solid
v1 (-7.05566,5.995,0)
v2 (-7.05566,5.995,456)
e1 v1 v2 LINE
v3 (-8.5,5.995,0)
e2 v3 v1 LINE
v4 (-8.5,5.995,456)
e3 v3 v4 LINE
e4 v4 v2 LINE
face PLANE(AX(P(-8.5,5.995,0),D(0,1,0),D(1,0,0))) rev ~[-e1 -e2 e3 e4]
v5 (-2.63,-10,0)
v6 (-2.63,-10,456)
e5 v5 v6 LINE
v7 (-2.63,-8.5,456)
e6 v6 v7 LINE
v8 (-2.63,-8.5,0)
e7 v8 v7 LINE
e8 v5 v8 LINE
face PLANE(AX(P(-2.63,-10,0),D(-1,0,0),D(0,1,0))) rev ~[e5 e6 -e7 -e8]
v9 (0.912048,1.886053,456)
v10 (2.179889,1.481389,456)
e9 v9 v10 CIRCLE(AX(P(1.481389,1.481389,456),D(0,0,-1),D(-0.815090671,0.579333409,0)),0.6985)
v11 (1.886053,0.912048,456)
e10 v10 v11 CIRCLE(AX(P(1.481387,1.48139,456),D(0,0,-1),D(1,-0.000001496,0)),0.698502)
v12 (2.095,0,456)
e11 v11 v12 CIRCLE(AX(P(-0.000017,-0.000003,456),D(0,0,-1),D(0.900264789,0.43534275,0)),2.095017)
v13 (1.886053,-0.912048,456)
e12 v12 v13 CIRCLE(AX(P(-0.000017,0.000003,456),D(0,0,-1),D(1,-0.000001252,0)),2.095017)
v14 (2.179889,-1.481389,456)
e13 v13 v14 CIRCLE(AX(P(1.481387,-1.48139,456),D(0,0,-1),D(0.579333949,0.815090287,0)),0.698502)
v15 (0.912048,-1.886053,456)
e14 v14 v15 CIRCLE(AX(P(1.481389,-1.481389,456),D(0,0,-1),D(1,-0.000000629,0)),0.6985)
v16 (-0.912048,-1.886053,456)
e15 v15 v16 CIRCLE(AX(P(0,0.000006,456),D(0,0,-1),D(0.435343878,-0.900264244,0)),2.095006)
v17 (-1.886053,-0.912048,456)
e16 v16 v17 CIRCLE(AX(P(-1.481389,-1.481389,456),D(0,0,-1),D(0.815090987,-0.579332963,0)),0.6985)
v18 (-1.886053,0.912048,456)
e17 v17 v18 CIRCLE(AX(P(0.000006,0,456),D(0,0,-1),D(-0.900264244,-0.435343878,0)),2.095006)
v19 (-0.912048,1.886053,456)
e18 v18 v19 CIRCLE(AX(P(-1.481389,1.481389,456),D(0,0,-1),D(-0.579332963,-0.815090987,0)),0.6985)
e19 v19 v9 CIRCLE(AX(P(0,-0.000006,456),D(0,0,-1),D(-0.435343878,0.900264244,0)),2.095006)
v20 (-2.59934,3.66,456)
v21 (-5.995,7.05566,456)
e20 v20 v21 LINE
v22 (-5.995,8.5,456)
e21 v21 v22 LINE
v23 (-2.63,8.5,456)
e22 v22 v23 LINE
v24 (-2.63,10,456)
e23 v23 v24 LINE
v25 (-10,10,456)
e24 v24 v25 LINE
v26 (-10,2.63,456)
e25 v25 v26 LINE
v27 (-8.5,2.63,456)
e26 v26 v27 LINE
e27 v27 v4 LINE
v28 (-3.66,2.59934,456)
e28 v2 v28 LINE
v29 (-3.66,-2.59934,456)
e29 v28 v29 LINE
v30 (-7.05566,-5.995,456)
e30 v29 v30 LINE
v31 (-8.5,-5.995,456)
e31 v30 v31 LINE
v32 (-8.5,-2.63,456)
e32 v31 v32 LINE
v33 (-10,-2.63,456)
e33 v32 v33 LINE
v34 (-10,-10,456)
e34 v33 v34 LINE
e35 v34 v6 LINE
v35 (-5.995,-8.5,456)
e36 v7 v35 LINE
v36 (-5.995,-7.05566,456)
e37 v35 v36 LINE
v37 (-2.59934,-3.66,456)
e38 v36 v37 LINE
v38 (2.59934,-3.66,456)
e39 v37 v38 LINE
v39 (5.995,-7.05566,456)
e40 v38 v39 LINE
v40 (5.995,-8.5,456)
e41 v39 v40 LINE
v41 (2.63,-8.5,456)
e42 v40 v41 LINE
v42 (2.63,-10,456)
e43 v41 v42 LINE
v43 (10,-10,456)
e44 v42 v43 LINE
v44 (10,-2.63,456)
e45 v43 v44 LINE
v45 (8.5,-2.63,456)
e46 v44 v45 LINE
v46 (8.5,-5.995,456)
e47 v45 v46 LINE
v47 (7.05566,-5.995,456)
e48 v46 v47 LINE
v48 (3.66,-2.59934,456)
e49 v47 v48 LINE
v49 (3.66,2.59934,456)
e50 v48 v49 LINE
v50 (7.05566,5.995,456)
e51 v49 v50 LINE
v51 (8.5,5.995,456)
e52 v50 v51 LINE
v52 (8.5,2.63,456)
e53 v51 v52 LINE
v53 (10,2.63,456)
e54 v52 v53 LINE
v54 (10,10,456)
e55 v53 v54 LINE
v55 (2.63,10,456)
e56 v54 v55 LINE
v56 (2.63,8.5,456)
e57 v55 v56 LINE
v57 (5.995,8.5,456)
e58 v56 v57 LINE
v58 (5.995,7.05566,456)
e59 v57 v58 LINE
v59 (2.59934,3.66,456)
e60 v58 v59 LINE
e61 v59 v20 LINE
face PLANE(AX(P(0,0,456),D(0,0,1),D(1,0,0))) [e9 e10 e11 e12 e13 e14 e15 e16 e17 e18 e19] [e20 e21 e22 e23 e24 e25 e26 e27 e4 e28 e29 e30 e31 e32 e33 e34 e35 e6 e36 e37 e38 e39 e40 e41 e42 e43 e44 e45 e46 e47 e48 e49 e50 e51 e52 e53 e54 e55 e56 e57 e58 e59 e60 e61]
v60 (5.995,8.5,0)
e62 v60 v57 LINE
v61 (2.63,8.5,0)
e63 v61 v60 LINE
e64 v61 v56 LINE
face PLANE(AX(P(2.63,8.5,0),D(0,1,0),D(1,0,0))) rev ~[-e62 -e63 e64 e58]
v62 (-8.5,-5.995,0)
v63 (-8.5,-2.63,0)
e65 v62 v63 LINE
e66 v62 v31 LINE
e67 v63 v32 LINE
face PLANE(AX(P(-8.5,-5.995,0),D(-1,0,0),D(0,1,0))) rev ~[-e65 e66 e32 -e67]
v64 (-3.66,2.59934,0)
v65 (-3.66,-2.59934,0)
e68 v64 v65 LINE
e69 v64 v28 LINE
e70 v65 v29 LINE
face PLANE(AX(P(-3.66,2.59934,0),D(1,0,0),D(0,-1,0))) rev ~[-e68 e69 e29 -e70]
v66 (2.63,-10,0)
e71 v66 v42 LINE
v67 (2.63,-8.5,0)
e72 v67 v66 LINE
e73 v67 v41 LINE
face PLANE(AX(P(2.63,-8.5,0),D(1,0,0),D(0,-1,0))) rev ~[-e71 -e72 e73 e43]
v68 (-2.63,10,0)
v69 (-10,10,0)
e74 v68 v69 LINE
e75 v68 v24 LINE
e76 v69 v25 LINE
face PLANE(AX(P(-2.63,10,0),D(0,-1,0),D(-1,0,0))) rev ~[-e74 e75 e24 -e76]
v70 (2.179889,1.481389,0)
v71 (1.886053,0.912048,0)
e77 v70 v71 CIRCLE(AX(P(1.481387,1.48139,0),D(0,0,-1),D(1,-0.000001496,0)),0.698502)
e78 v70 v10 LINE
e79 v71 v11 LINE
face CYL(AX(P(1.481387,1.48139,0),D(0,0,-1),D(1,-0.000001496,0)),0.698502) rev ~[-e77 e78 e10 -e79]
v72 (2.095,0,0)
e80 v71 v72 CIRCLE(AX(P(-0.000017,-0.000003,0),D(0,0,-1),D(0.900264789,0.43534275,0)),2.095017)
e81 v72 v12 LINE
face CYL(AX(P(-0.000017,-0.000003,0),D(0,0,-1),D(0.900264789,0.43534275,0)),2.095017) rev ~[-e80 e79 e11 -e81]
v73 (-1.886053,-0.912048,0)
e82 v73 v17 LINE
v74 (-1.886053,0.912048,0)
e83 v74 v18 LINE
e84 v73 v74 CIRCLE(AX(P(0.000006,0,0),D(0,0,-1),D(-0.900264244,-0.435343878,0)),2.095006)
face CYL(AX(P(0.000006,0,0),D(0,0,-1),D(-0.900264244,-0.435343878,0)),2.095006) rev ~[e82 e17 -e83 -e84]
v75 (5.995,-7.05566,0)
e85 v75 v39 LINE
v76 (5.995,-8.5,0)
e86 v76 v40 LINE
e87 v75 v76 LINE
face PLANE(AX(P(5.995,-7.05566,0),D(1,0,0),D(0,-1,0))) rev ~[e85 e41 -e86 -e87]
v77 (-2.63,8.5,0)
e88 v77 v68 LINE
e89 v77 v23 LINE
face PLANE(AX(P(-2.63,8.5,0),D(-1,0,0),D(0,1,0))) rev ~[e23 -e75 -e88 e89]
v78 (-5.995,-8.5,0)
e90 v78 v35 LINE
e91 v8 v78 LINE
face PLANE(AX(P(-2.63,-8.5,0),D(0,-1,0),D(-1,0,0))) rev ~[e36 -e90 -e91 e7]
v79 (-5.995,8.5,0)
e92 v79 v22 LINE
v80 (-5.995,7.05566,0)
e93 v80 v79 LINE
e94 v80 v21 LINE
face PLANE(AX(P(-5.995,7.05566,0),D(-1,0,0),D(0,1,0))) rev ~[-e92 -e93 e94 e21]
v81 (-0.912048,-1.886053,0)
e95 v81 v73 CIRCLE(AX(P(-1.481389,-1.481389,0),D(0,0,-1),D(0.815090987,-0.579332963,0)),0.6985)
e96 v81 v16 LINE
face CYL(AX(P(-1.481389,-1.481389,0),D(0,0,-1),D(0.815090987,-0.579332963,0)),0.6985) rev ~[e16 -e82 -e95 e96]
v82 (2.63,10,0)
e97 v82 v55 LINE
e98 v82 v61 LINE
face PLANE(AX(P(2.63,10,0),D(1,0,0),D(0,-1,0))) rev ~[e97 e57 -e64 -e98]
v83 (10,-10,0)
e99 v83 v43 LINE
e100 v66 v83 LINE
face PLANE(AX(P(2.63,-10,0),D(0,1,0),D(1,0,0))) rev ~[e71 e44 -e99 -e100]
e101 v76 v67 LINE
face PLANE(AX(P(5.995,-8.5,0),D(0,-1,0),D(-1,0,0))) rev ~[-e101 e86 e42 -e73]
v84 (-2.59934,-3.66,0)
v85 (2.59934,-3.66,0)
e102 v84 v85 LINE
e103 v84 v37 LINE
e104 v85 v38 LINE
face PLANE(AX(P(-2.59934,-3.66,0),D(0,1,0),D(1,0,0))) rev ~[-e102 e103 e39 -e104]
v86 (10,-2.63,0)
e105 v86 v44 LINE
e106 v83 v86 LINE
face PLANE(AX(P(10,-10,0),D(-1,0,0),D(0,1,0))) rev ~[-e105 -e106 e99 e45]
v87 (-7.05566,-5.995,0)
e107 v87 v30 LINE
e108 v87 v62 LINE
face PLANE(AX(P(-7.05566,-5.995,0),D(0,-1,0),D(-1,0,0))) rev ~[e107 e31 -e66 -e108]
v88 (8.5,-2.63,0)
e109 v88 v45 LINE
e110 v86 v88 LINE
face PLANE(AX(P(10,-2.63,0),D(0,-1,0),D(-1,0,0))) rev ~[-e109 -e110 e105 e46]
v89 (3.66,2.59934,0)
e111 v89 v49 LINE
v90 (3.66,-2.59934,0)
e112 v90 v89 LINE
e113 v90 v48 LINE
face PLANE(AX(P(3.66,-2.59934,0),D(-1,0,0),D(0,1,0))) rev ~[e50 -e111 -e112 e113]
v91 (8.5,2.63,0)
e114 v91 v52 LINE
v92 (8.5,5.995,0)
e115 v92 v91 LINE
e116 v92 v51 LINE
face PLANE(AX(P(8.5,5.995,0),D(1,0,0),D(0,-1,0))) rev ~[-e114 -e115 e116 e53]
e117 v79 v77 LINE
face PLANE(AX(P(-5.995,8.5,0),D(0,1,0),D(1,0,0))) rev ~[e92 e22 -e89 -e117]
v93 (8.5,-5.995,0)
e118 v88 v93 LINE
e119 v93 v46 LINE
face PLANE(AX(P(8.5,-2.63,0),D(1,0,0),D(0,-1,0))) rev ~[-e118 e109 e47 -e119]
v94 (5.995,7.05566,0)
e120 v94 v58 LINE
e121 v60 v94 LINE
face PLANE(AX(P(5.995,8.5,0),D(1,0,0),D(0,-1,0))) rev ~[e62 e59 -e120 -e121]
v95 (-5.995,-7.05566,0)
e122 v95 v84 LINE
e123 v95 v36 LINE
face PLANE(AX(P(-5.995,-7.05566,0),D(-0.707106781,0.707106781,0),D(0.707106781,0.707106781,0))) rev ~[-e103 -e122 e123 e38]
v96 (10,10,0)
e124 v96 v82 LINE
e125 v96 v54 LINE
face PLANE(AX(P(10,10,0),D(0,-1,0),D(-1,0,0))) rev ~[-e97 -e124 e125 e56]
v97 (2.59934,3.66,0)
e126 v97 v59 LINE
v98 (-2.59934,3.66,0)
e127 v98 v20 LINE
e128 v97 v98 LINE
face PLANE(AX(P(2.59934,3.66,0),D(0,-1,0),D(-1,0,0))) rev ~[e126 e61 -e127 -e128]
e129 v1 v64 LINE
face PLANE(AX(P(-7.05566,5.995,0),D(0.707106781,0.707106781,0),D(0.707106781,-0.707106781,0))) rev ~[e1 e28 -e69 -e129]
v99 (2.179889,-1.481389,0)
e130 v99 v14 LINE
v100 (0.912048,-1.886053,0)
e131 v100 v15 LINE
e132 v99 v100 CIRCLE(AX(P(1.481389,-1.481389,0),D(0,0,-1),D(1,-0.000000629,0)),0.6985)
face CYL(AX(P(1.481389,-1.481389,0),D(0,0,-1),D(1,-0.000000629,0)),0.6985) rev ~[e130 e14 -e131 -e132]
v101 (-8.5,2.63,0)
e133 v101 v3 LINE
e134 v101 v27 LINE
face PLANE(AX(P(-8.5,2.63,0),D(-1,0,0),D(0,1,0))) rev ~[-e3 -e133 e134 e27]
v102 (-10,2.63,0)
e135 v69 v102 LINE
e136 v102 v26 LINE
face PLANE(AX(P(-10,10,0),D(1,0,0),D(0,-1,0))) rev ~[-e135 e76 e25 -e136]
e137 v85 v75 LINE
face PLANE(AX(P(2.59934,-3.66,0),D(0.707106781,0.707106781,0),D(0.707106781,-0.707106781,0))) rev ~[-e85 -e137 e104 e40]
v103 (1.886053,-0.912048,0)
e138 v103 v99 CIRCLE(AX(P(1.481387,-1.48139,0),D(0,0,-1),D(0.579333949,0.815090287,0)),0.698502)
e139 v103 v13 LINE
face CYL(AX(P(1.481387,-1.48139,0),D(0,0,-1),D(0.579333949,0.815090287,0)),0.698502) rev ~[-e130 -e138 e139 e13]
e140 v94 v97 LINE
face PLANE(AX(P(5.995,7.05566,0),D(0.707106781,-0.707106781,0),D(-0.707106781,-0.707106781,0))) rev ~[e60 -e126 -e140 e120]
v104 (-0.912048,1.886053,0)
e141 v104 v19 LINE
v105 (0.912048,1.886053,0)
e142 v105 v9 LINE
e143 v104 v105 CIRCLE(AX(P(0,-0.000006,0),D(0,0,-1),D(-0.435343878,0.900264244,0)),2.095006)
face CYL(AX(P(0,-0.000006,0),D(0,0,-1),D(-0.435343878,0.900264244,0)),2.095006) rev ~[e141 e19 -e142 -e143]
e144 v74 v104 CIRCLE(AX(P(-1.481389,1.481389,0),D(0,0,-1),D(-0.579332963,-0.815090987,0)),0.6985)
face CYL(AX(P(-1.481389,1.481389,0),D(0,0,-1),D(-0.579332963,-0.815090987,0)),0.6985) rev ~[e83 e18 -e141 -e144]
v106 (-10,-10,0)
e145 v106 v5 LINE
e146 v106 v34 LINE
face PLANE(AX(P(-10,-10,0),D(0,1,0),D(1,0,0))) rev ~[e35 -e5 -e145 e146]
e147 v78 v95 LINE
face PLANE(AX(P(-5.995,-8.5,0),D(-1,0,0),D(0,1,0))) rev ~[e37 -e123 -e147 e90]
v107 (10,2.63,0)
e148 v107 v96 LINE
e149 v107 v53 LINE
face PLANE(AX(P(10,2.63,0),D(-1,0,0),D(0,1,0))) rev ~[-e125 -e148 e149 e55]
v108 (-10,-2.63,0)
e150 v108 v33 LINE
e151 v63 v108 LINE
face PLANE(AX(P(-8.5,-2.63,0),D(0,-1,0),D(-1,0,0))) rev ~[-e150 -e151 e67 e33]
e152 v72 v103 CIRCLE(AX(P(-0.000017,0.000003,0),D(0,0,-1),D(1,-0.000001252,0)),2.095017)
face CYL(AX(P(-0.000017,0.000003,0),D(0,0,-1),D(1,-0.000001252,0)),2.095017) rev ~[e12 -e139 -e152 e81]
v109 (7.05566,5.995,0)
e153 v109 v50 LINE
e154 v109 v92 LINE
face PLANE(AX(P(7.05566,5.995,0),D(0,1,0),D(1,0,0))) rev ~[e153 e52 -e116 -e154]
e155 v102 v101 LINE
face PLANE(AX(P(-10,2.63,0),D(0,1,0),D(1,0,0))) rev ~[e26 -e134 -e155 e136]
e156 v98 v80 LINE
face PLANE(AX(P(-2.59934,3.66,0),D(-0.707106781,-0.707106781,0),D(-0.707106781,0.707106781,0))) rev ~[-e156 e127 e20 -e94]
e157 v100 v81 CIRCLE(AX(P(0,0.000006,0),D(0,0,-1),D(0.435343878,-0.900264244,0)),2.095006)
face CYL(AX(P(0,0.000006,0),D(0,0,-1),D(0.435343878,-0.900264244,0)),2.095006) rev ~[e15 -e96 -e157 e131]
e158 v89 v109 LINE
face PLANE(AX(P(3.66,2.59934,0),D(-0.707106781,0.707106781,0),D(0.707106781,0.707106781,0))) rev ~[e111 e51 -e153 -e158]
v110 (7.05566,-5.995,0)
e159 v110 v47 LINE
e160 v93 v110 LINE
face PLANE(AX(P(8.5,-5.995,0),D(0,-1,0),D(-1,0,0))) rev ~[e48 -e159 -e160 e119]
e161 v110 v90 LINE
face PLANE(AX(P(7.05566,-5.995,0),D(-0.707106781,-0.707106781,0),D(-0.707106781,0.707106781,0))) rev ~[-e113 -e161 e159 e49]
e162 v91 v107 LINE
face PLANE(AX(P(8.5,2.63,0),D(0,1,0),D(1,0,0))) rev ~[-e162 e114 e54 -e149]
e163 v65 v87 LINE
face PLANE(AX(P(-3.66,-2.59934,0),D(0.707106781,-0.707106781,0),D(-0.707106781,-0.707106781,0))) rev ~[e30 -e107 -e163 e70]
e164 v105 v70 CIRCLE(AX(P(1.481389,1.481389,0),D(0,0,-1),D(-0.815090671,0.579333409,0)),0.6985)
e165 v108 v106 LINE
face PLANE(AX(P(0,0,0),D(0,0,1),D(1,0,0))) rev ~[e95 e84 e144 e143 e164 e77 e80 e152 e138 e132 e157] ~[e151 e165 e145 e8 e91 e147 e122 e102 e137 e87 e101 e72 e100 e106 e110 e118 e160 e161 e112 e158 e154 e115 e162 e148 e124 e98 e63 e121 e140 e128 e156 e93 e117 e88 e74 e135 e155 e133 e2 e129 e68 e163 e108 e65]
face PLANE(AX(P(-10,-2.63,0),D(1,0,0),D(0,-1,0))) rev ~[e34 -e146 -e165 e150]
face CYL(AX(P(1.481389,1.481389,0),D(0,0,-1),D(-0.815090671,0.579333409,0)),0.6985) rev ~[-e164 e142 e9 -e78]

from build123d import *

# Parameters (mm, degrees)
F1_DEPTH = 456


with BuildPart() as f1:
    # F0 (on Top) → F1 (new body)
    with BuildSketch(Plane.XY):
        Polygon((10, 2.63), (10, 10), (2.63, 10), (2.63, 8.5), (5.995, 8.5), (5.995, 7.05566), (2.59934, 3.66), (-2.59934, 3.66), (-5.995, 7.05566), (-5.995, 8.5), (-2.63, 8.5), (-2.63, 10), (-10, 10), (-10, 2.63), (-8.5, 2.63), (-8.5, 5.995), (-7.05566, 5.995), (-3.66, 2.59934), (-3.66, -2.59934), (-7.05566, -5.995), (-8.5, -5.995), (-8.5, -2.63), (-10, -2.63), (-10, -10), (-2.63, -10), (-2.63, -8.5), (-5.995, -8.5), (-5.995, -7.05566), (-2.59934, -3.66), (2.59934, -3.66), (5.995, -7.05566), (5.995, -8.5), (2.63, -8.5), (2.63, -10), (10, -10), (10, -2.63), (8.5, -2.63), (8.5, -5.995), (7.05566, -5.995), (3.66, -2.59934), (3.66, 2.59934), (7.05566, 5.995), (8.5, 5.995), (8.5, 2.63), align=None)
        with BuildLine():
            ThreePointArc((1.886053, 0.912048), (2.042095, 0.467838), (2.095, 0))
            ThreePointArc((2.095, 0), (2.042095, -0.467838), (1.886053, -0.912048))
            ThreePointArc((1.886053, -0.912048), (2.102098, -1.161042), (2.179889, -1.481389))
            ThreePointArc((2.179889, -1.481389), (1.693777, -2.146816), (0.912048, -1.886053))
            ThreePointArc((0.912048, -1.886053), (0, -2.095), (-0.912048, -1.886053))
            ThreePointArc((-0.912048, -1.886053), (-1.975303, -1.975303), (-1.886053, -0.912048))
            ThreePointArc((-1.886053, -0.912048), (-2.095, 0), (-1.886053, 0.912048))
            ThreePointArc((-1.886053, 0.912048), (-1.975303, 1.975303), (-0.912048, 1.886053))
            ThreePointArc((-0.912048, 1.886053), (0, 2.095), (0.912048, 1.886053))
            ThreePointArc((0.912048, 1.886053), (1.693777, 2.146816), (2.179889, 1.481389))
            ThreePointArc((2.179889, 1.481389), (2.102098, 1.161042), (1.886053, 0.912048))
        make_face(mode=Mode.SUBTRACT)
    extrude(amount=F1_DEPTH)


solid = f1.part
